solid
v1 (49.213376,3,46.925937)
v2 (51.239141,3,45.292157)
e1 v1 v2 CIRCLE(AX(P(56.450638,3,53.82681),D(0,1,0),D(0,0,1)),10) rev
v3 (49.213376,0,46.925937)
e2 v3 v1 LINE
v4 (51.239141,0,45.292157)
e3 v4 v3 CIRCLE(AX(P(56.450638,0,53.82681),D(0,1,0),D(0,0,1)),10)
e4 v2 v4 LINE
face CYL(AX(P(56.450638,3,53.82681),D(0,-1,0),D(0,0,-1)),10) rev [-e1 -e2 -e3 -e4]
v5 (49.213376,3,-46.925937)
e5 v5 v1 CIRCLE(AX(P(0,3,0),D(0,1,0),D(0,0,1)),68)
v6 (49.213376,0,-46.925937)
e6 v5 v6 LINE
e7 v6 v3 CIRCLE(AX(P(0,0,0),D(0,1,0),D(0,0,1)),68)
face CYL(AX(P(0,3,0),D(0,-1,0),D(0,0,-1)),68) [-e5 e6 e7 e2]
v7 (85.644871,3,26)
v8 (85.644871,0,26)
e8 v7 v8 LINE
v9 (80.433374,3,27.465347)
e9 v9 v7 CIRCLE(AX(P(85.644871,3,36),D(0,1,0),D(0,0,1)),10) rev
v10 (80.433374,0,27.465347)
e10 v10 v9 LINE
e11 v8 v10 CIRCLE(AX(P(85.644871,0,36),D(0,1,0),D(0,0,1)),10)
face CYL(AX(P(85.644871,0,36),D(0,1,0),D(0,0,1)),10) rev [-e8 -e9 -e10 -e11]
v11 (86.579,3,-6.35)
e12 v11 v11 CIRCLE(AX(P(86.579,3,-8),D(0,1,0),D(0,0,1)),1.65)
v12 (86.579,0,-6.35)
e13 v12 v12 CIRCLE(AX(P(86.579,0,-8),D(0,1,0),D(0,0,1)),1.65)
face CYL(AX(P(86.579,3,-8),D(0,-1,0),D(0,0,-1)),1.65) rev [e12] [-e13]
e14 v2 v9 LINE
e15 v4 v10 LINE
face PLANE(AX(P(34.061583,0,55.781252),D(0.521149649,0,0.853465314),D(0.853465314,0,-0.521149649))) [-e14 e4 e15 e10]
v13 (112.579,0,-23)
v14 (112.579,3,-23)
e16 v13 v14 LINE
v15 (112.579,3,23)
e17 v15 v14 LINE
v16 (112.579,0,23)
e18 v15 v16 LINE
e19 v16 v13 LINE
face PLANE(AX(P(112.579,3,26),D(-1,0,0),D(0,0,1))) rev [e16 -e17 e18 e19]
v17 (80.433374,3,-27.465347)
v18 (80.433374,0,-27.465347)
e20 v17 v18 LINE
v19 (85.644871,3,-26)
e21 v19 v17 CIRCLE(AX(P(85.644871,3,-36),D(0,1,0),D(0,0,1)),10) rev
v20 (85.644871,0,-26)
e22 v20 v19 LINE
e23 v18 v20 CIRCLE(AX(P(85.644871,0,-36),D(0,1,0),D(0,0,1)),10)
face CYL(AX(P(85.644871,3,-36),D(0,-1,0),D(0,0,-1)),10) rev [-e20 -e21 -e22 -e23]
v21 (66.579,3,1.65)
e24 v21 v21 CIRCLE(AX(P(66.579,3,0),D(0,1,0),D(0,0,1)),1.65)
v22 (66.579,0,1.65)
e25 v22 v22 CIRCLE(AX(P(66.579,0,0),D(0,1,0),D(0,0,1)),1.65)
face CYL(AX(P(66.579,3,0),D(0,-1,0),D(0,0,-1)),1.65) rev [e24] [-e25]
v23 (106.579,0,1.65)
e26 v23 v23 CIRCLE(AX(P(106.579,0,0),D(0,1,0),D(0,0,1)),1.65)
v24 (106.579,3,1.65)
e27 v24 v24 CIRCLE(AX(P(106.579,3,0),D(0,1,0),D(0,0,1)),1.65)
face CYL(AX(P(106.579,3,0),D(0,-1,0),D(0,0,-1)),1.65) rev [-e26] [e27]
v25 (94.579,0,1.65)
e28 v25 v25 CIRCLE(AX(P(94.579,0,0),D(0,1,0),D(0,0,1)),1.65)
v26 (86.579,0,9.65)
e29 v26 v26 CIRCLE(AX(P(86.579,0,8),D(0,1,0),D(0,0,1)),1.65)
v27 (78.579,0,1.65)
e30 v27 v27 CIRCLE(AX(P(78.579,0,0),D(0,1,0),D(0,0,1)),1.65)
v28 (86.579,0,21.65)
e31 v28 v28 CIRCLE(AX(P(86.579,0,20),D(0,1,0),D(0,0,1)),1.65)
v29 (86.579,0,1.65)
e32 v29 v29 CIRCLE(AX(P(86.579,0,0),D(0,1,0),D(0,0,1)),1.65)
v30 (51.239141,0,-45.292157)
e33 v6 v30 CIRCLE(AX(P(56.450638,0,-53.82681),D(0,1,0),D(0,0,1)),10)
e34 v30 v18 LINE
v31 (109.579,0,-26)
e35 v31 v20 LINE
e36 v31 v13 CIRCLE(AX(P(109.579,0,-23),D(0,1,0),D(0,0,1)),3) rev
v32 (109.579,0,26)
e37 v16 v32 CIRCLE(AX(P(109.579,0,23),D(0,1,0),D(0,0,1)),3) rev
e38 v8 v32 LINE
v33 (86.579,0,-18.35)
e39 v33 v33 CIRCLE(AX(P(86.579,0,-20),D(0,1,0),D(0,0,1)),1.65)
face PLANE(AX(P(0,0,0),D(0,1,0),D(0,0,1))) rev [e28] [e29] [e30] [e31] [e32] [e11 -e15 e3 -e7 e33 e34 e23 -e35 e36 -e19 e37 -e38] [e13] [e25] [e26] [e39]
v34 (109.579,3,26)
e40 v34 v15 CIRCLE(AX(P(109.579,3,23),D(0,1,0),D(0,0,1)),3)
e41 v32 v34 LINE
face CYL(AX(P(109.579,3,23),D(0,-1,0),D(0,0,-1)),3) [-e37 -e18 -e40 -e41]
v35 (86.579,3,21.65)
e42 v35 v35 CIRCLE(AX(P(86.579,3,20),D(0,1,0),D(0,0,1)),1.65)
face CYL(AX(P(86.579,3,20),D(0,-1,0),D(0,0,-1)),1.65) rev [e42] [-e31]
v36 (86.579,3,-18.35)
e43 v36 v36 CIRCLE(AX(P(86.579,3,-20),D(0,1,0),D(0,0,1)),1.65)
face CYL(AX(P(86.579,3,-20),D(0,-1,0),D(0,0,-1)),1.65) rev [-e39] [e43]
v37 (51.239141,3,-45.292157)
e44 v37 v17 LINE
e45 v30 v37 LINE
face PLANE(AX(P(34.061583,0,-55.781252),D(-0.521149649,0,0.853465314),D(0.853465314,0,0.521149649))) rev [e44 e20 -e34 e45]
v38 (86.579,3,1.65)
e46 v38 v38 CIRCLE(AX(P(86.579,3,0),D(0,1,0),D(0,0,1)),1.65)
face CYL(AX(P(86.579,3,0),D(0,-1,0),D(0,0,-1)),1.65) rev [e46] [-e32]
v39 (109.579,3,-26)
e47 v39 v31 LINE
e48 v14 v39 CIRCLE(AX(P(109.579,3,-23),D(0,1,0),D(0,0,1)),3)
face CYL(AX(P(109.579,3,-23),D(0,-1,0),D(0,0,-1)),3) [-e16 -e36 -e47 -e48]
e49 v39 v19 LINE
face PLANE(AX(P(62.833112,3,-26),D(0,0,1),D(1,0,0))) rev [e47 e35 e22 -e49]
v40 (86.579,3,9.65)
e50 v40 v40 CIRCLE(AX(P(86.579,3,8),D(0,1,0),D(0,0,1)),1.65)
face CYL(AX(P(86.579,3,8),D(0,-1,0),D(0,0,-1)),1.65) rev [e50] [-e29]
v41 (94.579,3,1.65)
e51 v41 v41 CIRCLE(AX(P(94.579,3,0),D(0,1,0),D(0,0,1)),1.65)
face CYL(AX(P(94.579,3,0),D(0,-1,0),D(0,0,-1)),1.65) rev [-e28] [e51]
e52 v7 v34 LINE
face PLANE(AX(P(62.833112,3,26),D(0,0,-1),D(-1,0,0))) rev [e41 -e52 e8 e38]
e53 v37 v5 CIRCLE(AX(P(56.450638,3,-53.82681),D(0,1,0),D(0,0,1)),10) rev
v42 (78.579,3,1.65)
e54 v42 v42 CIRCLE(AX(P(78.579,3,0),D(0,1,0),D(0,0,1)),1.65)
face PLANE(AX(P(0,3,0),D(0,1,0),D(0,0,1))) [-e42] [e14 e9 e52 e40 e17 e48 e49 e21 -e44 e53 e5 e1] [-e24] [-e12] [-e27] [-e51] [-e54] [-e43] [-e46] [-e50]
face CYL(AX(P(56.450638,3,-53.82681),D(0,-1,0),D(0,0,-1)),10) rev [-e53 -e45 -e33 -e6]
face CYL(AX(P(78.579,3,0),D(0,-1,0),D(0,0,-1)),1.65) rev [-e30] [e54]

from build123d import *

# Parameters (mm, degrees)
SKETCH1_R           = 1.65
BOSS_EXTRUDE1_DEPTH = 3
BOSS_EXTRUDE2_START = -3
BOSS_EXTRUDE2_DEPTH = 3
FILLET1_R           = 10
FILLET2_R           = 3


with BuildPart() as part:
    # Sketch1 → Boss-Extrude1 (new body)
    with BuildSketch(Plane(origin=(0, 0, 0), x_dir=(1, 0, 0), z_dir=(0, 1, 0))):
        with BuildLine():
            Line((62.83311229, -26), (112.579, -26))
            Line((112.579, -26), (112.579, 26))
            Line((112.579, 26), (62.83311229, 26))
            ThreePointArc((62.83311229, 26), (-68, 0), (62.83311229, -26))
        make_face()
        with Locations(Location((86.579, 0, 0), (0, 0, 270))):
            Circle(SKETCH1_R, mode=Mode.SUBTRACT)
        with Locations(Location((94.579, 0, 0), (0, 0, 270))):
            Circle(SKETCH1_R, mode=Mode.SUBTRACT)
        with Locations(Location((106.579, 0, 0), (0, 0, 270))):
            Circle(SKETCH1_R, mode=Mode.SUBTRACT)
        with Locations(Location((86.579, -8, 0), (0, 0, 270))):
            Circle(SKETCH1_R, mode=Mode.SUBTRACT)
        with Locations(Location((86.579, -20, 0), (0, 0, 270))):
            Circle(SKETCH1_R, mode=Mode.SUBTRACT)
        with Locations(Location((78.579, 0, 0), (0, 0, 270))):
            Circle(SKETCH1_R, mode=Mode.SUBTRACT)
        with Locations(Location((66.579, 0, 0), (0, 0, 270))):
            Circle(SKETCH1_R, mode=Mode.SUBTRACT)
        with Locations(Location((86.579, 8, 0), (0, 0, 270))):
            Circle(SKETCH1_R, mode=Mode.SUBTRACT)
        with Locations(Location((86.579, 20, 0), (0, 0, 270))):
            Circle(SKETCH1_R, mode=Mode.SUBTRACT)
    extrude(amount=BOSS_EXTRUDE1_DEPTH)

    # Sketch2 → Boss-Extrude2 (add)
    with BuildSketch(Plane(origin=(0, 3, 0), x_dir=(1, 0, 0), z_dir=(0, 1, 0)).offset(BOSS_EXTRUDE2_START)):
        with BuildLine():
            ThreePointArc((62.83311229, -26), (57.335321786, -36.560373025), (50.079936102, -46))
            Line((50.079936102, -46), (82.83311229, -26))
            Line((82.83311229, -26), (62.83311229, -26))
        make_face()
        with BuildLine():
            Line((62.83311229, 26), (82.83311229, 26))
            Line((82.83311229, 26), (50.079936102, 46))
            ThreePointArc((50.079936102, 46), (57.335321786, 36.560373025), (62.83311229, 26))
        make_face()
    extrude(amount=BOSS_EXTRUDE2_DEPTH)

    # Fillet1
    fillet1_edges = [part.edges().sort_by_distance(p)[0] for p in [
        (50.079936102, 1.5, 46),
        (82.83311229, 1.5, 26),
        (50.079936102, 1.5, -46),
        (82.83311229, 1.5, -26),
    ]]
    fillet(fillet1_edges, radius=FILLET1_R)

    # Fillet2
    fillet2_edges = [part.edges().sort_by_distance(p)[0] for p in [
        (112.579, 1.5, -26),
        (112.579, 1.5, 26),
    ]]
    fillet(fillet2_edges, radius=FILLET2_R)


solid = part.part
